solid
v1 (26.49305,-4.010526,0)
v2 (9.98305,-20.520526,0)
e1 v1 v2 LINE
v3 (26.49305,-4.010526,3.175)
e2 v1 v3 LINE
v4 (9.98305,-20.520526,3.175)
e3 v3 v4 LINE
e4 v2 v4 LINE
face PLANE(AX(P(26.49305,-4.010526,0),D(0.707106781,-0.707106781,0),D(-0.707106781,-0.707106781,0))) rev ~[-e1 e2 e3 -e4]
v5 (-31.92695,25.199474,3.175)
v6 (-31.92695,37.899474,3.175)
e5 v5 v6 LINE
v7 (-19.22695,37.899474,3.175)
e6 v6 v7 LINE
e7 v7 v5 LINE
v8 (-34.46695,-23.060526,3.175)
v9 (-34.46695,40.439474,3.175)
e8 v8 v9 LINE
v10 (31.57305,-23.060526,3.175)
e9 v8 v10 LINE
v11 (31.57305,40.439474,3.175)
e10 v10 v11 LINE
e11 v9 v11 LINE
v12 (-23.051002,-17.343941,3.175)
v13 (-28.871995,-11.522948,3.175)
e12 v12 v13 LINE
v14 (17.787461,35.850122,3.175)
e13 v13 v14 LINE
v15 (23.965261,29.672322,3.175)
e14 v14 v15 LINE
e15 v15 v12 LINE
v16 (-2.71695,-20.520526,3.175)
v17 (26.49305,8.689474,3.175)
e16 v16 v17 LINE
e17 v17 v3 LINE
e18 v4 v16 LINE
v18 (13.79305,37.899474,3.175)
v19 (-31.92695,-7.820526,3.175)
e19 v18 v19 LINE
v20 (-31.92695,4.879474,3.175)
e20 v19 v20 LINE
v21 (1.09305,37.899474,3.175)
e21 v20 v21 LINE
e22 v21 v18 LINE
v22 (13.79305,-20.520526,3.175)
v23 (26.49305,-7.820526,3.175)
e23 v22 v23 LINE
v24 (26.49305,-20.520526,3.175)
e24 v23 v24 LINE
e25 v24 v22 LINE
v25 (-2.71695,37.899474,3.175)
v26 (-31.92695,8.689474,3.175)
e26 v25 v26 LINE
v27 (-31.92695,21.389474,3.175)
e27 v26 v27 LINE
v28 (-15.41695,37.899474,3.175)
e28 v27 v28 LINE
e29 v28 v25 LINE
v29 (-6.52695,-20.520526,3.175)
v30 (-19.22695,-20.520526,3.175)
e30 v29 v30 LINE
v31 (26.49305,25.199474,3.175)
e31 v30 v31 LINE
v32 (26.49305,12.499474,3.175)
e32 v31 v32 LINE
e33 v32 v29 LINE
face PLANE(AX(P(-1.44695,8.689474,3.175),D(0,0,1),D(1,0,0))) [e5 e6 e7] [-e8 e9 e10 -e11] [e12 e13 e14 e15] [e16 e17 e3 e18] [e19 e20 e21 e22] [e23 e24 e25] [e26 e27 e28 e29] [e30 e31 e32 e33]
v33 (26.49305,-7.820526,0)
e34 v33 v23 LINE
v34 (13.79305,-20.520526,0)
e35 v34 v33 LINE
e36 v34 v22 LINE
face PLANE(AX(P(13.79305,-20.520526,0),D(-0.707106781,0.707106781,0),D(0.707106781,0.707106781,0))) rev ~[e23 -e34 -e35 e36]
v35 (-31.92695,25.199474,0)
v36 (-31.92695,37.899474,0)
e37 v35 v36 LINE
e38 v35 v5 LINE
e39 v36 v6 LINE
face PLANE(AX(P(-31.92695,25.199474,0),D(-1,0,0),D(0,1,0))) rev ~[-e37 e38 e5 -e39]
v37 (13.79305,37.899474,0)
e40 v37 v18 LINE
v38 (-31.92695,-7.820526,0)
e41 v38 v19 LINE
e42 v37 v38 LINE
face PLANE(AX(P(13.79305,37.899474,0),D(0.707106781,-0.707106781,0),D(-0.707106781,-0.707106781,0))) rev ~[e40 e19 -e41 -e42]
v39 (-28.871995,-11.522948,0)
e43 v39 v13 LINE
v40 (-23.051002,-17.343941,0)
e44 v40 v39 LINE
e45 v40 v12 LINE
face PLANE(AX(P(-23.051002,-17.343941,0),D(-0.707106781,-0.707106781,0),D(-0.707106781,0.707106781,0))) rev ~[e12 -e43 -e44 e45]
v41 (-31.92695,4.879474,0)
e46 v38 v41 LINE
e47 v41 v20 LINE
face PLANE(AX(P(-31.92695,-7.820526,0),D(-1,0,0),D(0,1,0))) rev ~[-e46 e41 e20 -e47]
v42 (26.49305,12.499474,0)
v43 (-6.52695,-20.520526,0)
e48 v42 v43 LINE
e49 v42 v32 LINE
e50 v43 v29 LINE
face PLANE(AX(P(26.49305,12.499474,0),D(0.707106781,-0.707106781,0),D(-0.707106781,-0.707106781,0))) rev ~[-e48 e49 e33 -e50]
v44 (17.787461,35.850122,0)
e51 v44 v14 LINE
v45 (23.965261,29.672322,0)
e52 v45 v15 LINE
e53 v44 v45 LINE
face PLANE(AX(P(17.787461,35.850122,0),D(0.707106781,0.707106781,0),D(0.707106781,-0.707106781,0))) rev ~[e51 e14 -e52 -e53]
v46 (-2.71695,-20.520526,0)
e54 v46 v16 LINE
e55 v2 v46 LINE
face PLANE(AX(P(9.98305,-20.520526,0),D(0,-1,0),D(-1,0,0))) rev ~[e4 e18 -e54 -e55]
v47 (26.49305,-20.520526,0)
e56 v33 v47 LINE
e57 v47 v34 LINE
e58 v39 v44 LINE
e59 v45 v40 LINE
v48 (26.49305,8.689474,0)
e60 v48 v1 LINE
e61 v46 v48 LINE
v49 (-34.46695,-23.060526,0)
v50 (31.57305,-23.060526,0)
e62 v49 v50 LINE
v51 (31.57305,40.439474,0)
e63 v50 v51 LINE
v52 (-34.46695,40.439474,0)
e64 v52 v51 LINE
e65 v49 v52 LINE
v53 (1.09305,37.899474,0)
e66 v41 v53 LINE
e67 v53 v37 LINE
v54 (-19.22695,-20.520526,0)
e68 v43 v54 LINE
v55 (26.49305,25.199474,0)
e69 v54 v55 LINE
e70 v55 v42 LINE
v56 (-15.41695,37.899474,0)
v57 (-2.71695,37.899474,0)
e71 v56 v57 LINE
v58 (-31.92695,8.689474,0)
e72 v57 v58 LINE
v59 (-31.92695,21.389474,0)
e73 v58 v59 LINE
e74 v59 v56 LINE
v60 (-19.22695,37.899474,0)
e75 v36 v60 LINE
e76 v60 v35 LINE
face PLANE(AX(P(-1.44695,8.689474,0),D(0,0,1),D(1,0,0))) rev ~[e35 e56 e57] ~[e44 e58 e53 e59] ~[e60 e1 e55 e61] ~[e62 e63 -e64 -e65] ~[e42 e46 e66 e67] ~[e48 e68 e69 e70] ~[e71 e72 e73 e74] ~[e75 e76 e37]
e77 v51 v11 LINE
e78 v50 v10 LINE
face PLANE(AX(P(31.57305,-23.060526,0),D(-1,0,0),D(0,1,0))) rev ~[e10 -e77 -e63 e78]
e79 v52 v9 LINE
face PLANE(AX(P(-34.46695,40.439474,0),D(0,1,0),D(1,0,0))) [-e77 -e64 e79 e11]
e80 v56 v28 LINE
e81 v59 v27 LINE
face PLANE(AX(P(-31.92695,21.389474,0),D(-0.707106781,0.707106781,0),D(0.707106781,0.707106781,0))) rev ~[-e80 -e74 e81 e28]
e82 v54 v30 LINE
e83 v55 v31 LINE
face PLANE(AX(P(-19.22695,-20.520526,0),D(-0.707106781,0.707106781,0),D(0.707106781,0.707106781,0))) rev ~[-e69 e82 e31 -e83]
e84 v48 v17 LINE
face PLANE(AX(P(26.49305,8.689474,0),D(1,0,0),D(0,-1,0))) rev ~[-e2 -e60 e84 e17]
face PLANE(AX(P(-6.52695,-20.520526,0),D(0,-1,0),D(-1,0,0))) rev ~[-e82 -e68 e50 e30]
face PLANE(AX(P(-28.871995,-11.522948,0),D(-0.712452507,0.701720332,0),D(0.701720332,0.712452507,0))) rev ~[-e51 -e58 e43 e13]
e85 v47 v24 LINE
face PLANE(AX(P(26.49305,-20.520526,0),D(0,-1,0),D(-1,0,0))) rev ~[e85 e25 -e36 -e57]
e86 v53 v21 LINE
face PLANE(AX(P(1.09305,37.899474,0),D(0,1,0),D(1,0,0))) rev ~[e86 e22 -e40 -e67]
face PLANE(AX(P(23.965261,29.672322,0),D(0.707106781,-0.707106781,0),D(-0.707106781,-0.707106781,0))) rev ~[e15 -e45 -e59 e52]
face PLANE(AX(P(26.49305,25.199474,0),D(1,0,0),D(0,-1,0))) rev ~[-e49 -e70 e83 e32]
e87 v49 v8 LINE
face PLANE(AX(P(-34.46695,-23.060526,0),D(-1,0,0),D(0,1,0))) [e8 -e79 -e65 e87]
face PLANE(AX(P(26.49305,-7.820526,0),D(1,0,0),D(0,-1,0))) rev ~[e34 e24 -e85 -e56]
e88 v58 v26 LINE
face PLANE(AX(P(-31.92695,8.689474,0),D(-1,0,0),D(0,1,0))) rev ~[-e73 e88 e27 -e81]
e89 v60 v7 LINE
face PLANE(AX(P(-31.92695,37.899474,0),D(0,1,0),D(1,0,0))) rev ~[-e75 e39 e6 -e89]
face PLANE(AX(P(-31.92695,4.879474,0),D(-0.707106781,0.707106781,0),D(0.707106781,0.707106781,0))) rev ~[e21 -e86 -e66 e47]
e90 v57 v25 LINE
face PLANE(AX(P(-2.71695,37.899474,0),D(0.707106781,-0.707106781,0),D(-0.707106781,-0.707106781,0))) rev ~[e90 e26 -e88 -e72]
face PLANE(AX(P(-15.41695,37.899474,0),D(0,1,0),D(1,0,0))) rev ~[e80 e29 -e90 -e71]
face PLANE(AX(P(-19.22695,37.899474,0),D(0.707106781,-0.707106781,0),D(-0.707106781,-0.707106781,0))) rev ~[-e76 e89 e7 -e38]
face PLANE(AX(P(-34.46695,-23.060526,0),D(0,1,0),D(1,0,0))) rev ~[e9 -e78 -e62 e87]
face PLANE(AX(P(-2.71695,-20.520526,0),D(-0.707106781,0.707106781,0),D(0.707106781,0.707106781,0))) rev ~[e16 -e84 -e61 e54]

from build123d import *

# Parameters (mm, degrees)
F0_W     = 66.04
F0_H     = 63.5
F1_DEPTH = 3.175


with BuildPart() as f1:
    # F0 (on Top) → F1 (new body)
    with BuildSketch(Plane.XY):
        with Locations((-1.44695, 8.689474)):
            Rectangle(F0_W, F0_H)
        Polygon((26.49305, -7.820526), (26.49305, -20.520526), (13.79305, -20.520526), align=None, mode=Mode.SUBTRACT)
        Polygon((9.98305, -20.520526), (-2.71695, -20.520526), (26.49305, 8.689474), (26.49305, -4.010526), align=None, mode=Mode.SUBTRACT)
        Polygon((-6.52695, -20.520526), (-19.22695, -20.520526), (26.49305, 25.199474), (26.49305, 12.499474), align=None, mode=Mode.SUBTRACT)
        Polygon((-23.051002, -17.343941), (-28.871995, -11.522948), (17.787461, 35.850122), (23.965261, 29.672322), align=None, mode=Mode.SUBTRACT)
        Polygon((-31.92695, 4.879474), (1.09305, 37.899474), (13.79305, 37.899474), (-31.92695, -7.820526), align=None, mode=Mode.SUBTRACT)
        Polygon((-31.92695, 8.689474), (-31.92695, 21.389474), (-15.41695, 37.899474), (-2.71695, 37.899474), align=None, mode=Mode.SUBTRACT)
        Polygon((-31.92695, 25.199474), (-31.92695, 37.899474), (-19.22695, 37.899474), align=None, mode=Mode.SUBTRACT)
    extrude(amount=F1_DEPTH)


solid = f1.part
